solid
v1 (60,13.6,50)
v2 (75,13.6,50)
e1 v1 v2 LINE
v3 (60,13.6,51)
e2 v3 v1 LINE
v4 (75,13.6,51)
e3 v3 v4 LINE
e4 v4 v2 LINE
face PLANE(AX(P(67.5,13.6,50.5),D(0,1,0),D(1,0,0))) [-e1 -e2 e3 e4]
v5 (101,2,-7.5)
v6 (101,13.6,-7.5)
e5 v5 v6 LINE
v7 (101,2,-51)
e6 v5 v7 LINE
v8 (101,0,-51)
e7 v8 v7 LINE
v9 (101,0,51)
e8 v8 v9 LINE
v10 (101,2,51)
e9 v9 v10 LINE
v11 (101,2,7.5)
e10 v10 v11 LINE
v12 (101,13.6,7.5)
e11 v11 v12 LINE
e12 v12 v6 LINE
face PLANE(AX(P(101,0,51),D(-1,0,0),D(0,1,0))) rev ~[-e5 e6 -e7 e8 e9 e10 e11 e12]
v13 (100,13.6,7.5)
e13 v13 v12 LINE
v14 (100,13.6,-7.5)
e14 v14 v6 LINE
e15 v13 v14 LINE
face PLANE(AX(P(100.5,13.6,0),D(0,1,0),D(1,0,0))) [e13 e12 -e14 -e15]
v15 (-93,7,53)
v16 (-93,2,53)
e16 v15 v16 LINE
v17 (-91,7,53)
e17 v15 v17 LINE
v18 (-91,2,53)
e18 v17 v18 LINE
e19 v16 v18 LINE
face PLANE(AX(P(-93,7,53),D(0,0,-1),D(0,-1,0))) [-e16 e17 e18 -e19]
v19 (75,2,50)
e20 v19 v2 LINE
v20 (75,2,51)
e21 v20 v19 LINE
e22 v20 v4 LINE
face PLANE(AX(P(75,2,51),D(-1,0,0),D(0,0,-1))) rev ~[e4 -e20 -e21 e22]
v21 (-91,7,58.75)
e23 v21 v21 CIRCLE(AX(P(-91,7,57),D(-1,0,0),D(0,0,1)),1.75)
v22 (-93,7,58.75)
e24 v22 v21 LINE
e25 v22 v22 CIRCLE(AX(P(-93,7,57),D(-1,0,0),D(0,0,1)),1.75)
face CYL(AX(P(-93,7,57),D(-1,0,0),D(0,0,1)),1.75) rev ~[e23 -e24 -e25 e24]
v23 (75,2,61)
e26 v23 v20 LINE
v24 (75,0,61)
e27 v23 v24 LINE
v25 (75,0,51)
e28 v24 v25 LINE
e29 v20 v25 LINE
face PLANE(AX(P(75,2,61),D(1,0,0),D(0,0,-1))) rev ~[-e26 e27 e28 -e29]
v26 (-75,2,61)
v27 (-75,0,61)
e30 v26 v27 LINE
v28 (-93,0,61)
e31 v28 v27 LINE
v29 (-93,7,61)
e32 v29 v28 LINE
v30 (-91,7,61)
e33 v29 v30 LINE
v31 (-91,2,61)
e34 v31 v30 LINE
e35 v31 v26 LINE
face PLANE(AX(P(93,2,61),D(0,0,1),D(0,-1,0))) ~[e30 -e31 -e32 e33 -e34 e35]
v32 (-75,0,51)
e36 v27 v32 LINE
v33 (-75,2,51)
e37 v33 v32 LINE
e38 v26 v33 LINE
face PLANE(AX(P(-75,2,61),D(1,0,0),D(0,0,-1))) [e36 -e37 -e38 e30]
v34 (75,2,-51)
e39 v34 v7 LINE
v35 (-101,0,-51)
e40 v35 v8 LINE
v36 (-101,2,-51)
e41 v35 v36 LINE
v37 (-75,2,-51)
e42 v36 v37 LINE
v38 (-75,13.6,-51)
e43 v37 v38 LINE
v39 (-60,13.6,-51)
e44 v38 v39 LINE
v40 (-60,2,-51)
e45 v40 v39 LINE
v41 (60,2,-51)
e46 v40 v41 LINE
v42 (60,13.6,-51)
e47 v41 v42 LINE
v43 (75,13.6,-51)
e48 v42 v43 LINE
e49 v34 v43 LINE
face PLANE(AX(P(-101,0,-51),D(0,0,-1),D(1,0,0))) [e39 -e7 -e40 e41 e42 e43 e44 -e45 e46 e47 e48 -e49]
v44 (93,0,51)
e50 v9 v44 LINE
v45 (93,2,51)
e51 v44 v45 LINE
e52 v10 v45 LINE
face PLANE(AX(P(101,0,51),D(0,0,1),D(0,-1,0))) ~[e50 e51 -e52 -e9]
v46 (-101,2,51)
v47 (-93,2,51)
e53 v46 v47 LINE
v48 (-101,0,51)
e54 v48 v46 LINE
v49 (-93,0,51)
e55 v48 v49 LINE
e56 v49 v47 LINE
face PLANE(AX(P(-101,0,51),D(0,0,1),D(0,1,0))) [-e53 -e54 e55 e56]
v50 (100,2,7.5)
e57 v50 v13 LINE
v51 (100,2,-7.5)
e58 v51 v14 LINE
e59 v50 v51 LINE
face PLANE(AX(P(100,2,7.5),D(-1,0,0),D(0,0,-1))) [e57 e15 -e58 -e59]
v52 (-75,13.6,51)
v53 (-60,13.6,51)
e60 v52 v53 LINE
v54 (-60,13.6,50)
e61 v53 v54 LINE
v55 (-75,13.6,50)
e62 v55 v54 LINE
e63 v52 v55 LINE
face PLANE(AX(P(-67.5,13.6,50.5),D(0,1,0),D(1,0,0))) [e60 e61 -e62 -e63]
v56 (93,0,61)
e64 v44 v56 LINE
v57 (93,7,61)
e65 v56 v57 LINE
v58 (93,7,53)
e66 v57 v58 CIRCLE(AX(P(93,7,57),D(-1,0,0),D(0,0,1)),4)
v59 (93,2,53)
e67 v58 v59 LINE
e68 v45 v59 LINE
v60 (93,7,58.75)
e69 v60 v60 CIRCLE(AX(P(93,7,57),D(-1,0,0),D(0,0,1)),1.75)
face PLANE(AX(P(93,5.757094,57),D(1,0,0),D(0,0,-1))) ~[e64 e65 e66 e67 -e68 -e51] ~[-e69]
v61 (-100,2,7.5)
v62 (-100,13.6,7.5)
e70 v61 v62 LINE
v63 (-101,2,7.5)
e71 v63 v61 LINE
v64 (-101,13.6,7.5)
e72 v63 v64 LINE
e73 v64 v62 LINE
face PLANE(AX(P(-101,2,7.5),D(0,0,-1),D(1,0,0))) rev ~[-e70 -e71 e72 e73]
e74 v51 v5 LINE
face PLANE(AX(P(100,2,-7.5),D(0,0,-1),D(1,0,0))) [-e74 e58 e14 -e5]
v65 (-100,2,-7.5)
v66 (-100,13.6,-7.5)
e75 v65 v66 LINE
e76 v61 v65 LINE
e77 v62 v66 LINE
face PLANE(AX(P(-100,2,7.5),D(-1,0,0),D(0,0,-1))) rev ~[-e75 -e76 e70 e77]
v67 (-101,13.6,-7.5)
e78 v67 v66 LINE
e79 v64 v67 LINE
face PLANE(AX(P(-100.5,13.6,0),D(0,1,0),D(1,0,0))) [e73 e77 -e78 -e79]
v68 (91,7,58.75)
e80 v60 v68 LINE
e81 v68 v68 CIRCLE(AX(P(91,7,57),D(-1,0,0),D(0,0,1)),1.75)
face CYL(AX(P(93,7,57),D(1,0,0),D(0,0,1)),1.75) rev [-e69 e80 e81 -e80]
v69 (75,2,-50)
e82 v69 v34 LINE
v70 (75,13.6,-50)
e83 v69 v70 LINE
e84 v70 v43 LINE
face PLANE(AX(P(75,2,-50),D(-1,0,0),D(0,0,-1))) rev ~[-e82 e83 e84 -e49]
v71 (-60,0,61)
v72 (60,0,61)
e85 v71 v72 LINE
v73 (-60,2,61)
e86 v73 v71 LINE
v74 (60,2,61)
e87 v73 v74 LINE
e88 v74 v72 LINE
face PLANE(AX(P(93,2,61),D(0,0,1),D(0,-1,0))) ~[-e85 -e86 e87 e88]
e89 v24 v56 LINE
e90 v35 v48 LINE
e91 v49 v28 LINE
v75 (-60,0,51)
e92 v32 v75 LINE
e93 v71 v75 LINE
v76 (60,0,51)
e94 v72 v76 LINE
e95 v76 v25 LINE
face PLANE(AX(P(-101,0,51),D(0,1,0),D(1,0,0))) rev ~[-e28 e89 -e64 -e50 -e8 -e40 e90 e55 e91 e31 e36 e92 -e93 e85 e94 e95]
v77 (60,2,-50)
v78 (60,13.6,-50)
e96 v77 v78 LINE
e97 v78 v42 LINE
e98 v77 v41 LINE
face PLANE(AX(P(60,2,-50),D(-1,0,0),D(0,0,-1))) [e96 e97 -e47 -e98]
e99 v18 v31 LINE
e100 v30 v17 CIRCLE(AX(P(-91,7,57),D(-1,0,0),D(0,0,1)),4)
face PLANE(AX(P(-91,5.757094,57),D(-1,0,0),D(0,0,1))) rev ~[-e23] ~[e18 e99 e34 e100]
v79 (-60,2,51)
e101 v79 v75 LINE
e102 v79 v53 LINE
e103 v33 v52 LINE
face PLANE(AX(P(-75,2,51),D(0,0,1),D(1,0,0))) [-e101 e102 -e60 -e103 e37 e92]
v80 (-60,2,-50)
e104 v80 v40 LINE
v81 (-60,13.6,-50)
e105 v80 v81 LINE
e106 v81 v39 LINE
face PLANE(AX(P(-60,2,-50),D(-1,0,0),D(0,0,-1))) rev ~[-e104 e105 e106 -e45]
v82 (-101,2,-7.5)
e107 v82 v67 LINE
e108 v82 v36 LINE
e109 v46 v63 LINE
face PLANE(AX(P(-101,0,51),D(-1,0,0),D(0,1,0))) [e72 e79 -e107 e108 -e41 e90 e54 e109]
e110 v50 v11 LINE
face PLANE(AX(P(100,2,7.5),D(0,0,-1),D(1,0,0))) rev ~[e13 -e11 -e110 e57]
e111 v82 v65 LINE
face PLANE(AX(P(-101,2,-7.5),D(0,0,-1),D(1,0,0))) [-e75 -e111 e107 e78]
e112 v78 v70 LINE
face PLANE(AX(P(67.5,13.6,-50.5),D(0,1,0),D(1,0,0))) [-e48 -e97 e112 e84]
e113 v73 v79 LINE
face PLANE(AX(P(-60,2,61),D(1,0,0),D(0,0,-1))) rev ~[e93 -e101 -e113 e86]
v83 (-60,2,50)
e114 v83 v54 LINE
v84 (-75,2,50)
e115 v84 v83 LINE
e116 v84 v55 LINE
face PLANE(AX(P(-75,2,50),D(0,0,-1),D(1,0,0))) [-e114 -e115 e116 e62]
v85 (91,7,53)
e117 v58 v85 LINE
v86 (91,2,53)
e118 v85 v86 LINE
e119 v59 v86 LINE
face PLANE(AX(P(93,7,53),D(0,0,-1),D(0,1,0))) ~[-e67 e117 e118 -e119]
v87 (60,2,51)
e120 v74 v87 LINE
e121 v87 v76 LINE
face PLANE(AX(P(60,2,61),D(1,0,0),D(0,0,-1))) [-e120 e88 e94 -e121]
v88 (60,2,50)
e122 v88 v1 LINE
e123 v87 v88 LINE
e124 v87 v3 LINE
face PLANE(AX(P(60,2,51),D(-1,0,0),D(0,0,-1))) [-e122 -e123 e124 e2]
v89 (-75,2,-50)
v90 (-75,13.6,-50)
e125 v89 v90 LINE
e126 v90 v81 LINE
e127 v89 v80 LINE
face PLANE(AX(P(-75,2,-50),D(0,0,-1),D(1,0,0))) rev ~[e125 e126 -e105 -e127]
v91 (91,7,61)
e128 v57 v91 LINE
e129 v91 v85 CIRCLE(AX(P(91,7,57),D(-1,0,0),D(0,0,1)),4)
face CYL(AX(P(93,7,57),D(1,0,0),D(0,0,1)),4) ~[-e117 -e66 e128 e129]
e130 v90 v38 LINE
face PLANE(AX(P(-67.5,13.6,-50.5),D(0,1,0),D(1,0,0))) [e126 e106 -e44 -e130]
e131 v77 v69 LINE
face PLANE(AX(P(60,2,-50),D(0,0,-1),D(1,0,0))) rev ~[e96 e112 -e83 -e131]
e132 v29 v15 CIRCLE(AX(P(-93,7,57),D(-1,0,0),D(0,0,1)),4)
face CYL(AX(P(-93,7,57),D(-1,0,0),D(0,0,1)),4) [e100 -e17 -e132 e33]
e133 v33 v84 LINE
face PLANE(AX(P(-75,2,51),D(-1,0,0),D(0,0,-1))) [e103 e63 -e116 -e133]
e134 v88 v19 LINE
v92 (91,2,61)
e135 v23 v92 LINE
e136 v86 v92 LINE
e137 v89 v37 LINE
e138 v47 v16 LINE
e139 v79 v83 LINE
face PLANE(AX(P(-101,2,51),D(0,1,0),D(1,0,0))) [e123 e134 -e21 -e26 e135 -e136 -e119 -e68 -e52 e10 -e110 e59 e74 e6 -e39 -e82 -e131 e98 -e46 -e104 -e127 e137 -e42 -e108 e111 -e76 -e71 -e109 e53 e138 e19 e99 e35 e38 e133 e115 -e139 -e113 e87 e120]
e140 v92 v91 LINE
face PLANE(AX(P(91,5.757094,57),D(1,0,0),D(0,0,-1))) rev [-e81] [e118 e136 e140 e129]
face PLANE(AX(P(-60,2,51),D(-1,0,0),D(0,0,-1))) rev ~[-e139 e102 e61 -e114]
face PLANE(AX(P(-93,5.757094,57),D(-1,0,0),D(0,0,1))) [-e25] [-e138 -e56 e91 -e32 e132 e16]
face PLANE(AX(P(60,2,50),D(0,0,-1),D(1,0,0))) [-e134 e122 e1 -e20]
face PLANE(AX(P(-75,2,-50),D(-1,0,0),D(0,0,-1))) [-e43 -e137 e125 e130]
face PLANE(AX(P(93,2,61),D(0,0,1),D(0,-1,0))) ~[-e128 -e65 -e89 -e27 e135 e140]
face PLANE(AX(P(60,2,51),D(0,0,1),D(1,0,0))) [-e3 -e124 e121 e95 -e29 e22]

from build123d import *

# Parameters (mm, degrees)
SKETCH1_W           = 202
SKETCH1_H           = 102
BOSS_EXTRUDE1_DEPTH = 2
SKETCH2_W           = 15
SKETCH2_H           = 1
SKETCH2_W_2         = 1
SKETCH2_H_2         = 15
BOSS_EXTRUDE2_DEPTH = 11.6
SKETCH3_W           = 202
SKETCH3_H           = 2
BOSS_EXTRUDE3_DEPTH = 10
SKETCH10_W          = 10
SKETCH10_H          = 2
CUT_EXTRUDE1_DEPTH  = 8
SKETCH12_R          = 1.75
BOSS_EXTRUDE5_DEPTH = 2
SKETCH13_W          = 15
SKETCH13_H          = 10
CUT_EXTRUDE2_DEPTH  = 119.560364372


with BuildPart() as part:
    # Sketch1 → Boss-Extrude1 (new body)
    with BuildSketch(Plane(origin=(0, 0, 0), x_dir=(1, 0, 0), z_dir=(0, 1, 0))):
        Rectangle(SKETCH1_W, SKETCH1_H)
    extrude(amount=BOSS_EXTRUDE1_DEPTH)

    # Sketch2 → Boss-Extrude2 (add)
    with BuildSketch(Plane(origin=(0, 2, 0), x_dir=(1, 0, 0), z_dir=(0, 1, 0))):
        with Locations((-67.5, 50.5)):
            Rectangle(SKETCH2_W, SKETCH2_H)
        with Locations((-67.5, -50.5)):
            Rectangle(SKETCH2_W, SKETCH2_H)
        with Locations((67.5, -50.5)):
            Rectangle(SKETCH2_W, SKETCH2_H)
        with Locations((67.5, 50.5)):
            Rectangle(SKETCH2_W, SKETCH2_H)
        with Locations((100.5, 0)):
            Rectangle(SKETCH2_W_2, SKETCH2_H_2)
        with Locations((-100.5, 0)):
            Rectangle(SKETCH2_W_2, SKETCH2_H_2)
    extrude(amount=BOSS_EXTRUDE2_DEPTH)

    # Sketch3 → Boss-Extrude3 (add)
    with BuildSketch(Plane.XY.offset(51)):
        with Locations((0, 1)):
            Rectangle(SKETCH3_W, SKETCH3_H)
    extrude(amount=BOSS_EXTRUDE3_DEPTH)

    # Sketch10 → Cut-Extrude1 (cut)
    with BuildSketch(Plane.ZY.offset(101)):
        with Locations((56, 1)):
            Rectangle(SKETCH10_W, SKETCH10_H)
    cut_extrude1 = extrude(amount=-CUT_EXTRUDE1_DEPTH, mode=Mode.SUBTRACT)

    # Mirror3: Cut-Extrude1 across plane
    add(cut_extrude1.mirror(Plane.ZY), mode=Mode.SUBTRACT)

    # Sketch12 → Boss-Extrude5 (add)
    with BuildSketch(Plane.ZY.offset(93)):
        with BuildLine():
            Line((61, 2), (61, 7))
            ThreePointArc((61, 7), (57, 11), (53, 7))
            Line((53, 7), (53, 2))
            Line((53, 2), (61, 2))
        make_face()
        with Locations((57, 7)):
            Circle(SKETCH12_R, mode=Mode.SUBTRACT)
    boss_extrude5 = extrude(amount=-BOSS_EXTRUDE5_DEPTH)

    # Mirror4: Boss-Extrude5 across plane
    add(boss_extrude5.mirror(Plane.ZY))

    # Sketch13 → Cut-Extrude2 (cut, through all)
    with BuildSketch(Plane(origin=(0, 2, 0), x_dir=(1, 0, 0), z_dir=(0, 1, 0))):
        with Locations((-67.5, -56)):
            Rectangle(SKETCH13_W, SKETCH13_H)
        with Locations((67.5, -56)):
            Rectangle(SKETCH13_W, SKETCH13_H)
    extrude(amount=-CUT_EXTRUDE2_DEPTH, mode=Mode.SUBTRACT)


solid = part.part
